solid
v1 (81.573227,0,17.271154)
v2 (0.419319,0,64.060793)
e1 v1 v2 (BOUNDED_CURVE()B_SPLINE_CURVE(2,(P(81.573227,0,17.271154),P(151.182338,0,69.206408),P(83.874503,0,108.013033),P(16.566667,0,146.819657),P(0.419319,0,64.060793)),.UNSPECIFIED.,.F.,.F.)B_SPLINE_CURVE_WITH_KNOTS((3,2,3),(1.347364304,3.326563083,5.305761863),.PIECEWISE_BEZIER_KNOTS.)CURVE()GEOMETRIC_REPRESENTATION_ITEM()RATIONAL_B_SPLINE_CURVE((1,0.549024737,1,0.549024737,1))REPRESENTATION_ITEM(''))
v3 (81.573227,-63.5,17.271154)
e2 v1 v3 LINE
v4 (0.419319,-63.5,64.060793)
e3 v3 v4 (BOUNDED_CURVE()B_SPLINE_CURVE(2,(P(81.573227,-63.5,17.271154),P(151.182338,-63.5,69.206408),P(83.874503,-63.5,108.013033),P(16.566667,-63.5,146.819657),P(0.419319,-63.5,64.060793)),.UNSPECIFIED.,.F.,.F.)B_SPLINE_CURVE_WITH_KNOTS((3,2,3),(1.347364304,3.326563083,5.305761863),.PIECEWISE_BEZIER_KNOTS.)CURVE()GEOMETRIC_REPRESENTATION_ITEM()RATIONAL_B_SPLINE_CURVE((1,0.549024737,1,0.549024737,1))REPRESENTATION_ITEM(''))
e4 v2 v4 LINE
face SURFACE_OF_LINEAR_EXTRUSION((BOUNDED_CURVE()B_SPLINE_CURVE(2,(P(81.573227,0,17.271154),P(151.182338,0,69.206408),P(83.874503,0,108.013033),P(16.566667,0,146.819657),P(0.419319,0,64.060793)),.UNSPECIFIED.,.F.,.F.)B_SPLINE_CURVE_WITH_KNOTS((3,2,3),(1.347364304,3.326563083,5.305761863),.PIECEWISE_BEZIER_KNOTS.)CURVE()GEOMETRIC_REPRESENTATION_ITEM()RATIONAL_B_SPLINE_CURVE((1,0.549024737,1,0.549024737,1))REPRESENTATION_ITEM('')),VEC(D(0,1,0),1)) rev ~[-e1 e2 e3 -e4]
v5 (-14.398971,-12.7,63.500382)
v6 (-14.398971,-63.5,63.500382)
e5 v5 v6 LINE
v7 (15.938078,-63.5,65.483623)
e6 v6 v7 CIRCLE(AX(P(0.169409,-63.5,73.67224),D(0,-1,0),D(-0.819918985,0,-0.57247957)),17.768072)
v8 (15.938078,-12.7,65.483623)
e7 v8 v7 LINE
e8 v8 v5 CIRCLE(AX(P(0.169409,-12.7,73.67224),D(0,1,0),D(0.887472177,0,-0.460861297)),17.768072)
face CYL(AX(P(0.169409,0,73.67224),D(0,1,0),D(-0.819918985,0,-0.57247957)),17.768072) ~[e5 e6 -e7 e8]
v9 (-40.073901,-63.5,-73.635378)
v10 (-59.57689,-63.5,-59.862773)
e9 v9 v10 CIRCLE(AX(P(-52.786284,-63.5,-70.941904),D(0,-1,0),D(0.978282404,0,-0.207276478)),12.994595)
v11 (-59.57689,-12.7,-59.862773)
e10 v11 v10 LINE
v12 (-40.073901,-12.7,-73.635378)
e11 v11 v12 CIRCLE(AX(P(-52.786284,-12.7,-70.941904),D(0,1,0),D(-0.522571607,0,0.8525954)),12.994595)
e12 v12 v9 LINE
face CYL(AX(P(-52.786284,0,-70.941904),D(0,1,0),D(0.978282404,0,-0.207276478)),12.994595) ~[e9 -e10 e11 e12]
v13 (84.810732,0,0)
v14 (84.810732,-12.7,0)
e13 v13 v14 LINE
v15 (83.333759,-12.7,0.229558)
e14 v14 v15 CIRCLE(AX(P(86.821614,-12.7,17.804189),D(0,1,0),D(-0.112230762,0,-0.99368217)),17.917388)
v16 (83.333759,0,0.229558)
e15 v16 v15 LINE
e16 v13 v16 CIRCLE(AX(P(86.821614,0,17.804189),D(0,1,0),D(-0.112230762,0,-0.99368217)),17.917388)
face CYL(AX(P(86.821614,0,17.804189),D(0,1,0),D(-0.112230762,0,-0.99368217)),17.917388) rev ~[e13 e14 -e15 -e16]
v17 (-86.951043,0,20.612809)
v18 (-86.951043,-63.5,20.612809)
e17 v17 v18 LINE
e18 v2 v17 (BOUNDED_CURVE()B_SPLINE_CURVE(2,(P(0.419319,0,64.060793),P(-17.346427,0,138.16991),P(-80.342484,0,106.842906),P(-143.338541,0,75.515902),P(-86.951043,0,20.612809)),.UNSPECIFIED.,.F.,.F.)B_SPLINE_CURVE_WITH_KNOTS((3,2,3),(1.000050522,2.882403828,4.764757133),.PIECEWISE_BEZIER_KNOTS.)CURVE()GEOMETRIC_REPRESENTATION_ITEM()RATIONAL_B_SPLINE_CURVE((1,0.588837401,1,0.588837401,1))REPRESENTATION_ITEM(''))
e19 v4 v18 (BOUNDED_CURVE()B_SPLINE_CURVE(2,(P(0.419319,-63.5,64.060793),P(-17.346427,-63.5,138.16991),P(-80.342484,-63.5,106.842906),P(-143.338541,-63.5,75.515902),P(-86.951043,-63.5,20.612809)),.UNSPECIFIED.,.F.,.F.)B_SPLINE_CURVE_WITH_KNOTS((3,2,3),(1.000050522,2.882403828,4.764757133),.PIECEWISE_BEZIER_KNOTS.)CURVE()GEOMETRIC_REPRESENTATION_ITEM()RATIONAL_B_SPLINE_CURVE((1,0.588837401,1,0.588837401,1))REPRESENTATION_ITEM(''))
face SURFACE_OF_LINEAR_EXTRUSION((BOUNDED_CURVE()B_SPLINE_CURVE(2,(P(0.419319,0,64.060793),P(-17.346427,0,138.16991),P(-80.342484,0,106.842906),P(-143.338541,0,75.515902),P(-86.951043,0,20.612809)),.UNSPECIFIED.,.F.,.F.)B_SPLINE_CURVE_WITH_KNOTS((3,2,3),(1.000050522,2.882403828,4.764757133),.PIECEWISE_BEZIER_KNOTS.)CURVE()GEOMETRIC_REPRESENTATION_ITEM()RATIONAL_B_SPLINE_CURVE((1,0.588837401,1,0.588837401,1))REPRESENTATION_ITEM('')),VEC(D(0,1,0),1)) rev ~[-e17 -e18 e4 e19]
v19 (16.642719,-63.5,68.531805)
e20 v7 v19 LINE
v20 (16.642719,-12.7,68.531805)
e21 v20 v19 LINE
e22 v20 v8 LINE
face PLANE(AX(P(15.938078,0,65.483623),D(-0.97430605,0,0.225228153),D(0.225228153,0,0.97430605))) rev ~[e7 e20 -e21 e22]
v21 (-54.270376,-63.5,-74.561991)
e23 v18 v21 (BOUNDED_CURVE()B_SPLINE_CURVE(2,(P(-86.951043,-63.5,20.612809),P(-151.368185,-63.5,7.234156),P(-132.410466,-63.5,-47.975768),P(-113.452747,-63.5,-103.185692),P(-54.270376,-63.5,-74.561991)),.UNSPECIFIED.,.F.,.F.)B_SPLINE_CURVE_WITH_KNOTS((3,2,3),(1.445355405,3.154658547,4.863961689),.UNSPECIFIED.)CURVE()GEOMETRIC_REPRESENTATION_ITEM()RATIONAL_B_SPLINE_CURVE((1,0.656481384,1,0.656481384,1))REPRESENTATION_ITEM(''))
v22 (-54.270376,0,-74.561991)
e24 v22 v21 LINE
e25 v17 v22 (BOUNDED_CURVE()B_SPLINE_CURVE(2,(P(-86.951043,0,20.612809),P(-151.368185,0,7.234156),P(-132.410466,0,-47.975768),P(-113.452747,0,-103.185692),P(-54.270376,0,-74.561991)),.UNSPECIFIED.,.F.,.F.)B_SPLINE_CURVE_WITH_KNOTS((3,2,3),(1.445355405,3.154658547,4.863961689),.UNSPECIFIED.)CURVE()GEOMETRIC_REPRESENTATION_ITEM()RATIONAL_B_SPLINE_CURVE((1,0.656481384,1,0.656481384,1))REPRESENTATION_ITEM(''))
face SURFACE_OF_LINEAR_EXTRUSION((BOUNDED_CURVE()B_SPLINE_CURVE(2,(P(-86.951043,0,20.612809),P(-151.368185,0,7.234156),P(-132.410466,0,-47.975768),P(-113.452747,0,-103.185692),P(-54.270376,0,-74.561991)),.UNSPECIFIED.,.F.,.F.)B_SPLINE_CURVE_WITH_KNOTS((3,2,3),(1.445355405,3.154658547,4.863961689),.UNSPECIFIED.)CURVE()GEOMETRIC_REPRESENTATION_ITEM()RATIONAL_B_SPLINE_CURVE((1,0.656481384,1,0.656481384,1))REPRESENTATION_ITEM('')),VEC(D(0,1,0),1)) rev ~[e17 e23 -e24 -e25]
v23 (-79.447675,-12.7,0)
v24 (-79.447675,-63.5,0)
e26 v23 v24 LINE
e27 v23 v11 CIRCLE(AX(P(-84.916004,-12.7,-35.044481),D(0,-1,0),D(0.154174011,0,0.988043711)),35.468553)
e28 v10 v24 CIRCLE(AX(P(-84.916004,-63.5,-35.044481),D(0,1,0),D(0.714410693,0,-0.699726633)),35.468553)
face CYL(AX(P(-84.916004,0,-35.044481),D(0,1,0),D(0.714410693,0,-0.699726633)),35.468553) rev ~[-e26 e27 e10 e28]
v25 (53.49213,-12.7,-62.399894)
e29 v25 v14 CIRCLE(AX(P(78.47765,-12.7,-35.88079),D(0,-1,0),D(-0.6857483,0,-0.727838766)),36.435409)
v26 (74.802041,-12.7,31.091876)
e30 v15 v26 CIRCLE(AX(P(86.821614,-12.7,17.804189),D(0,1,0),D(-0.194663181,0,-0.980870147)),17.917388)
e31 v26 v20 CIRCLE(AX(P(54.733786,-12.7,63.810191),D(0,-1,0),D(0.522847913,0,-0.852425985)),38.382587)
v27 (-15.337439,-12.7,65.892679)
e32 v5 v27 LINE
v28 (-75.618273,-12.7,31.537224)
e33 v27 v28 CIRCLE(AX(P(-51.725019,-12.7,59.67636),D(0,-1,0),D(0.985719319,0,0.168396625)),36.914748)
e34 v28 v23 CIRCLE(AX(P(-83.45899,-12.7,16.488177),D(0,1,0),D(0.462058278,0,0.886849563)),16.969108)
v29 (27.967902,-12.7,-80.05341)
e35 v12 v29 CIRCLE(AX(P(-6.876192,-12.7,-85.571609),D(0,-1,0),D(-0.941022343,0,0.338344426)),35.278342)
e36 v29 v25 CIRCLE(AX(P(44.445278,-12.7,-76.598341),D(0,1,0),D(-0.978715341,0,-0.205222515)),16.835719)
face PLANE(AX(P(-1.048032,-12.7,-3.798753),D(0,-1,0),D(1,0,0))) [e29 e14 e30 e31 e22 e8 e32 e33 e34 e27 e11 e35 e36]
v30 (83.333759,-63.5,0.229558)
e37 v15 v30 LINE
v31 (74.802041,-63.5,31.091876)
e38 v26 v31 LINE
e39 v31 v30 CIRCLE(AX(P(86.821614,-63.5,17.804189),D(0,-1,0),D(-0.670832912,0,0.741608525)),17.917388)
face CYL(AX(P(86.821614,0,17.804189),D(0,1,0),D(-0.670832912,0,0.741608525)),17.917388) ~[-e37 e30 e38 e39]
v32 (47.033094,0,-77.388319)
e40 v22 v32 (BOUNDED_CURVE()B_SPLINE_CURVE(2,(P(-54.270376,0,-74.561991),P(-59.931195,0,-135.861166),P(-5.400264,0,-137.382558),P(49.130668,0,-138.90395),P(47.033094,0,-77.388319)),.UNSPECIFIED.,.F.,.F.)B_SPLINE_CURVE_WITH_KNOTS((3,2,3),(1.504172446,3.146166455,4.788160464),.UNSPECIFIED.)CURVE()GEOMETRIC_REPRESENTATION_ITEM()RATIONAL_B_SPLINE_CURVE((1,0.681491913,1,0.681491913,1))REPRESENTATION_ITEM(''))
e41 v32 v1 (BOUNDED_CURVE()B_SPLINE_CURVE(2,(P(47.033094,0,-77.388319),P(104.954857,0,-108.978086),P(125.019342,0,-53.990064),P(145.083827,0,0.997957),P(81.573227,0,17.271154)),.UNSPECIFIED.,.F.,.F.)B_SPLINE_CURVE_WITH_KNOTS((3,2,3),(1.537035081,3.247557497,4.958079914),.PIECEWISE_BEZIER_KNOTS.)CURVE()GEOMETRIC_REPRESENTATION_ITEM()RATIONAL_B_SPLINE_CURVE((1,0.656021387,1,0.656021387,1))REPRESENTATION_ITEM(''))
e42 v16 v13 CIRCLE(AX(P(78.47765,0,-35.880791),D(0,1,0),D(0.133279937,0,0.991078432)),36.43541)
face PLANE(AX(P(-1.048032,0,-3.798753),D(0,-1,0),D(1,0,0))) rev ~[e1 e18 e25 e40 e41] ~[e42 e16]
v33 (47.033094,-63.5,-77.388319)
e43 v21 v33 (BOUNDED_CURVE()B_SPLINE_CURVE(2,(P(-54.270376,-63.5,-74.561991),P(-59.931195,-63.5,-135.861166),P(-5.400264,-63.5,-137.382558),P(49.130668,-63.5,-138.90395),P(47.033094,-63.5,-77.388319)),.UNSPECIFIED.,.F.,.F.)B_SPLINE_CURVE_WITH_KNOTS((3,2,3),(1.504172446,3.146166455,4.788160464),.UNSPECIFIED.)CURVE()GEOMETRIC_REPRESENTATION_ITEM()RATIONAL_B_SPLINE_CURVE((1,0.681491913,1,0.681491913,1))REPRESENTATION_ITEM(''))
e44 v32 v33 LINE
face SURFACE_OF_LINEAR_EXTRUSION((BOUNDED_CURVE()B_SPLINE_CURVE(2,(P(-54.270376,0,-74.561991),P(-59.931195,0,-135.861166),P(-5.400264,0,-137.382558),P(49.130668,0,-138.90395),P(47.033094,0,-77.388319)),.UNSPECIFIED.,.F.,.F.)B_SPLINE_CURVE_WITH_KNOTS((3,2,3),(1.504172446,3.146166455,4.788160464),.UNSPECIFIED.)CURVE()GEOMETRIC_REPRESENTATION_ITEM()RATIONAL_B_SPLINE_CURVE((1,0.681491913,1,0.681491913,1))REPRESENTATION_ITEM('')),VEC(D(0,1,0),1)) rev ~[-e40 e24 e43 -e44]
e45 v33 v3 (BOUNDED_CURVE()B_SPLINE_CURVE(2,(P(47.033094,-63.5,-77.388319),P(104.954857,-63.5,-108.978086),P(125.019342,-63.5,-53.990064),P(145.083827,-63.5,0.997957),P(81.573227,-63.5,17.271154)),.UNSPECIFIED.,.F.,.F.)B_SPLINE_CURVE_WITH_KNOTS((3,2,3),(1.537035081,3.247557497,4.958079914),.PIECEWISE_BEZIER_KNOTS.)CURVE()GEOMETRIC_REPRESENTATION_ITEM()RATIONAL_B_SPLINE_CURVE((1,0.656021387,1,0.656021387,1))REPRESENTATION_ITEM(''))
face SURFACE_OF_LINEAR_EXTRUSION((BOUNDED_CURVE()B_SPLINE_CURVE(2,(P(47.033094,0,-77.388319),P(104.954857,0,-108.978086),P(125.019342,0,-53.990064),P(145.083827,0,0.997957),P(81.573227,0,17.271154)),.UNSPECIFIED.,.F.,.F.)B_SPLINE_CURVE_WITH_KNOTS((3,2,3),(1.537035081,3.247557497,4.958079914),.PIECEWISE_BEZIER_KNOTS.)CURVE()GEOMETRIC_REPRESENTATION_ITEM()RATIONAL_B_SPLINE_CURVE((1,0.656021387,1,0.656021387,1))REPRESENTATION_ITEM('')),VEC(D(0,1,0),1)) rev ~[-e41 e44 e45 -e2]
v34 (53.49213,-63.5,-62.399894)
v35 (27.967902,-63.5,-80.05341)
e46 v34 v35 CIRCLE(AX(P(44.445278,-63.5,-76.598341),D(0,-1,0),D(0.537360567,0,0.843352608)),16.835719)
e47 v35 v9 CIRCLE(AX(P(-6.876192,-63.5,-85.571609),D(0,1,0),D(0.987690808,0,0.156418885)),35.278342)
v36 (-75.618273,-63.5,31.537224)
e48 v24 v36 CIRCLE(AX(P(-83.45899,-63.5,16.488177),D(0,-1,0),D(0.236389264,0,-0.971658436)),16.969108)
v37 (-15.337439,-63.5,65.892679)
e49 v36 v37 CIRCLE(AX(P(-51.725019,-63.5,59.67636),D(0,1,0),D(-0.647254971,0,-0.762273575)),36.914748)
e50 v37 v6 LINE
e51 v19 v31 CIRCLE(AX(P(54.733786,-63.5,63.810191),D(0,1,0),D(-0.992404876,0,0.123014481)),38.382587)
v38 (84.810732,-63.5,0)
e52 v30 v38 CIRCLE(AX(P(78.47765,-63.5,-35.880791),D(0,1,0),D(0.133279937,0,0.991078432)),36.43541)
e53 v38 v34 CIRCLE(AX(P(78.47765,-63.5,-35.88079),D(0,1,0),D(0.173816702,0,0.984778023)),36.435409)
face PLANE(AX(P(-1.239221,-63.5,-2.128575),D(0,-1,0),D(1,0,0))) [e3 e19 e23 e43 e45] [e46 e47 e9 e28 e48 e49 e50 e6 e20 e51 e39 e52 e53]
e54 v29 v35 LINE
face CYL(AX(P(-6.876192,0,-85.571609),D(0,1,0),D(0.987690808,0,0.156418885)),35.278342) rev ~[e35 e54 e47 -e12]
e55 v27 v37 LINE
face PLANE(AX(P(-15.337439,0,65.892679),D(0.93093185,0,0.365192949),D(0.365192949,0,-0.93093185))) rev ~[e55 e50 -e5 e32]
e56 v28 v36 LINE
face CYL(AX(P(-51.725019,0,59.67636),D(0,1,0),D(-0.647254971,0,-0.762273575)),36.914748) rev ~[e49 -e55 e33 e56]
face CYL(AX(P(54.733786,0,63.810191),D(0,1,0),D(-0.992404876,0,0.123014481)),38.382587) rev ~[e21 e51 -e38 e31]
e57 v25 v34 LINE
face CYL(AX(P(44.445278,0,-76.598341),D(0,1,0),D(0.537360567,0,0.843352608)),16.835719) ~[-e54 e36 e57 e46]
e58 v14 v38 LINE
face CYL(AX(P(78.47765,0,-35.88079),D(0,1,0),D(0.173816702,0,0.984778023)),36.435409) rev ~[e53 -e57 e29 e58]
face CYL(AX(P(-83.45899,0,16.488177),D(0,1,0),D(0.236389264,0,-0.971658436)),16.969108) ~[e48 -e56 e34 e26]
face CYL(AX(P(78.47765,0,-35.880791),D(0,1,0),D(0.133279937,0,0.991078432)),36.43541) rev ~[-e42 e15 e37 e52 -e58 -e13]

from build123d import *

# Parameters (mm, degrees)
F1_DEPTH = 63.5
F2_DEPTH = 12.7


with BuildPart() as f1:
    # F0 (on Front) → F1 (new body)
    with BuildSketch(Plane.XZ):
        with BuildLine():
            add(Edge.make_bspline(
                [(47.0330939738, -77.388318827), (104.9548567184, -108.9780859787), (125.0193419888, -53.9900643065), (145.0838272593, 0.9979573658), (81.5732273709, 17.2711542769)],
                knots=[1.5370350807, 1.5370350807, 1.5370350807, 3.2475574975, 3.2475574975, 4.9580799143, 4.9580799143, 4.9580799143], degree=2, weights=[1, 0.6560213871, 1, 0.6560213871, 1]))
            add(Edge.make_bspline(
                [(81.5732273709, 17.2711542769), (151.1823379992, 69.2064077407), (83.8745025029, 108.0130325106), (16.5666670067, 146.8196572806), (0.4193187996, 64.0607925905)],
                knots=[1.3473643039, 1.3473643039, 1.3473643039, 3.3265630833, 3.3265630833, 5.3057618627, 5.3057618627, 5.3057618627], degree=2, weights=[1, 0.5490247372, 1, 0.5490247372, 1]))
            add(Edge.make_bspline(
                [(0.4193187996, 64.0607925905), (-17.3464270668, 138.1699099709), (-80.3424839912, 106.8429059524), (-143.3385409157, 75.5159019339), (-86.9510427762, 20.612808672)],
                knots=[1.000050522, 1.000050522, 1.000050522, 2.8824038277, 2.8824038277, 4.7647571334, 4.7647571334, 4.7647571334], degree=2, weights=[1, 0.5888374014, 1, 0.5888374014, 1]))
            add(Edge.make_bspline(
                [(-86.9510427762, 20.612808672), (-151.3681852826, 7.2341555536), (-132.4104660975, -47.9757683736), (-113.4527469124, -103.1856923009), (-54.2703760726, -74.5619908376)],
                knots=[1.4453554045, 1.4453554045, 1.4453554045, 3.154658547, 3.154658547, 4.8639616894, 4.8639616894, 4.8639616894], degree=2, weights=[1, 0.6564813841, 1, 0.6564813841, 1]))
            add(Edge.make_bspline(
                [(-54.2703760726, -74.5619908376), (-59.9311954498, -135.8611655062), (-5.4002637831, -137.3825576005), (49.1306678835, -138.9039496949), (47.0330939738, -77.388318827)],
                knots=[1.5041724461, 1.5041724461, 1.5041724461, 3.1461664548, 3.1461664548, 4.7881604636, 4.7881604636, 4.7881604636], degree=2, weights=[1, 0.6814919128, 1, 0.6814919128, 1]))
        make_face()
        with BuildLine():
            ThreePointArc((-59.5768904, -59.8627726672), (-118.5784837355, -46.2183685865), (-79.4476751054, 0))
            ThreePointArc((-79.4476751054, 0), (-66.6136114554, 14.4427300345), (-75.6182731694, 31.5372235351))
            ThreePointArc((-75.6182731694, 31.5372235351), (-70.0034594996, 91.7481112907), (-15.3374393064, 65.8926791127))
            Line((-15.3374393064, 65.8926791127), (-14.3989708794, 63.5003816929))
            ThreePointArc((-14.3989708794, 63.5003816929), (1.3284968216, 55.9420144716), (15.9380778827, 65.4836231702))
            Line((15.9380778827, 65.4836231702), (16.642719216, 68.5318047865))
            ThreePointArc((16.642719216, 68.5318047865), (75.509793142, 96.083716897), (74.8020410538, 31.091876328))
            ThreePointArc((74.8020410538, 31.091876328), (69.551965875, 13.0300896688), (83.3337587702, 0.2295579885))
            ThreePointArc((83.3337587702, 0.2295579885), (84.0734228607, 0.1223536124), (84.8107323877, 0))
            ThreePointArc((84.8107323877, 0), (111.0416642448, -52.2247194585), (53.4921296271, -62.3998938497))
            ThreePointArc((53.4921296271, -62.3998938497), (34.8684922303, -62.7518038524), (27.967902018, -80.0534097102))
            ThreePointArc((27.967902018, -80.0534097102), (-10.1891108829, -120.6940517455), (-40.0739007308, -73.6353782165))
            ThreePointArc((-40.0739007308, -73.6353782165), (-45.2904168041, -60.3272227565), (-59.5768904, -59.8627726672))
        make_face(mode=Mode.SUBTRACT)
    extrude(amount=F1_DEPTH)

    # F0 (on Front) → F2 (join)
    with BuildSketch(Plane.XZ):
        with BuildLine():
            ThreePointArc((-75.6182731694, 31.5372235351), (-66.6136114554, 14.4427300345), (-79.4476751054, 0))
            ThreePointArc((-79.4476751054, 0), (-118.5784837355, -46.2183685865), (-59.5768904, -59.8627726672))
            ThreePointArc((-59.5768904, -59.8627726672), (-45.2904168041, -60.3272227565), (-40.0739007308, -73.6353782165))
            ThreePointArc((-40.0739007308, -73.6353782165), (-10.1891108829, -120.6940517455), (27.967902018, -80.0534097102))
            ThreePointArc((27.967902018, -80.0534097102), (34.8684922303, -62.7518038524), (53.4921296271, -62.3998938497))
            ThreePointArc((53.4921296271, -62.3998938497), (111.0416642448, -52.2247194585), (84.8107323877, 0))
            ThreePointArc((84.8107323877, 0), (84.0698507598, 0.099370754), (83.3337587702, 0.2295579885))
            ThreePointArc((83.3337587702, 0.2295579885), (69.551965875, 13.0300896688), (74.8020410538, 31.091876328))
            ThreePointArc((74.8020410538, 31.091876328), (75.509793142, 96.083716897), (16.642719216, 68.5318047865))
            Line((16.642719216, 68.5318047865), (15.9380778827, 65.4836231702))
            ThreePointArc((15.9380778827, 65.4836231702), (1.3284968216, 55.9420144716), (-14.3989708794, 63.5003816929))
            Line((-14.3989708794, 63.5003816929), (-15.3374393064, 65.8926791127))
            ThreePointArc((-15.3374393064, 65.8926791127), (-70.0034594996, 91.7481112907), (-75.6182731694, 31.5372235351))
        make_face()
    extrude(amount=F2_DEPTH)


solid = f1.part
